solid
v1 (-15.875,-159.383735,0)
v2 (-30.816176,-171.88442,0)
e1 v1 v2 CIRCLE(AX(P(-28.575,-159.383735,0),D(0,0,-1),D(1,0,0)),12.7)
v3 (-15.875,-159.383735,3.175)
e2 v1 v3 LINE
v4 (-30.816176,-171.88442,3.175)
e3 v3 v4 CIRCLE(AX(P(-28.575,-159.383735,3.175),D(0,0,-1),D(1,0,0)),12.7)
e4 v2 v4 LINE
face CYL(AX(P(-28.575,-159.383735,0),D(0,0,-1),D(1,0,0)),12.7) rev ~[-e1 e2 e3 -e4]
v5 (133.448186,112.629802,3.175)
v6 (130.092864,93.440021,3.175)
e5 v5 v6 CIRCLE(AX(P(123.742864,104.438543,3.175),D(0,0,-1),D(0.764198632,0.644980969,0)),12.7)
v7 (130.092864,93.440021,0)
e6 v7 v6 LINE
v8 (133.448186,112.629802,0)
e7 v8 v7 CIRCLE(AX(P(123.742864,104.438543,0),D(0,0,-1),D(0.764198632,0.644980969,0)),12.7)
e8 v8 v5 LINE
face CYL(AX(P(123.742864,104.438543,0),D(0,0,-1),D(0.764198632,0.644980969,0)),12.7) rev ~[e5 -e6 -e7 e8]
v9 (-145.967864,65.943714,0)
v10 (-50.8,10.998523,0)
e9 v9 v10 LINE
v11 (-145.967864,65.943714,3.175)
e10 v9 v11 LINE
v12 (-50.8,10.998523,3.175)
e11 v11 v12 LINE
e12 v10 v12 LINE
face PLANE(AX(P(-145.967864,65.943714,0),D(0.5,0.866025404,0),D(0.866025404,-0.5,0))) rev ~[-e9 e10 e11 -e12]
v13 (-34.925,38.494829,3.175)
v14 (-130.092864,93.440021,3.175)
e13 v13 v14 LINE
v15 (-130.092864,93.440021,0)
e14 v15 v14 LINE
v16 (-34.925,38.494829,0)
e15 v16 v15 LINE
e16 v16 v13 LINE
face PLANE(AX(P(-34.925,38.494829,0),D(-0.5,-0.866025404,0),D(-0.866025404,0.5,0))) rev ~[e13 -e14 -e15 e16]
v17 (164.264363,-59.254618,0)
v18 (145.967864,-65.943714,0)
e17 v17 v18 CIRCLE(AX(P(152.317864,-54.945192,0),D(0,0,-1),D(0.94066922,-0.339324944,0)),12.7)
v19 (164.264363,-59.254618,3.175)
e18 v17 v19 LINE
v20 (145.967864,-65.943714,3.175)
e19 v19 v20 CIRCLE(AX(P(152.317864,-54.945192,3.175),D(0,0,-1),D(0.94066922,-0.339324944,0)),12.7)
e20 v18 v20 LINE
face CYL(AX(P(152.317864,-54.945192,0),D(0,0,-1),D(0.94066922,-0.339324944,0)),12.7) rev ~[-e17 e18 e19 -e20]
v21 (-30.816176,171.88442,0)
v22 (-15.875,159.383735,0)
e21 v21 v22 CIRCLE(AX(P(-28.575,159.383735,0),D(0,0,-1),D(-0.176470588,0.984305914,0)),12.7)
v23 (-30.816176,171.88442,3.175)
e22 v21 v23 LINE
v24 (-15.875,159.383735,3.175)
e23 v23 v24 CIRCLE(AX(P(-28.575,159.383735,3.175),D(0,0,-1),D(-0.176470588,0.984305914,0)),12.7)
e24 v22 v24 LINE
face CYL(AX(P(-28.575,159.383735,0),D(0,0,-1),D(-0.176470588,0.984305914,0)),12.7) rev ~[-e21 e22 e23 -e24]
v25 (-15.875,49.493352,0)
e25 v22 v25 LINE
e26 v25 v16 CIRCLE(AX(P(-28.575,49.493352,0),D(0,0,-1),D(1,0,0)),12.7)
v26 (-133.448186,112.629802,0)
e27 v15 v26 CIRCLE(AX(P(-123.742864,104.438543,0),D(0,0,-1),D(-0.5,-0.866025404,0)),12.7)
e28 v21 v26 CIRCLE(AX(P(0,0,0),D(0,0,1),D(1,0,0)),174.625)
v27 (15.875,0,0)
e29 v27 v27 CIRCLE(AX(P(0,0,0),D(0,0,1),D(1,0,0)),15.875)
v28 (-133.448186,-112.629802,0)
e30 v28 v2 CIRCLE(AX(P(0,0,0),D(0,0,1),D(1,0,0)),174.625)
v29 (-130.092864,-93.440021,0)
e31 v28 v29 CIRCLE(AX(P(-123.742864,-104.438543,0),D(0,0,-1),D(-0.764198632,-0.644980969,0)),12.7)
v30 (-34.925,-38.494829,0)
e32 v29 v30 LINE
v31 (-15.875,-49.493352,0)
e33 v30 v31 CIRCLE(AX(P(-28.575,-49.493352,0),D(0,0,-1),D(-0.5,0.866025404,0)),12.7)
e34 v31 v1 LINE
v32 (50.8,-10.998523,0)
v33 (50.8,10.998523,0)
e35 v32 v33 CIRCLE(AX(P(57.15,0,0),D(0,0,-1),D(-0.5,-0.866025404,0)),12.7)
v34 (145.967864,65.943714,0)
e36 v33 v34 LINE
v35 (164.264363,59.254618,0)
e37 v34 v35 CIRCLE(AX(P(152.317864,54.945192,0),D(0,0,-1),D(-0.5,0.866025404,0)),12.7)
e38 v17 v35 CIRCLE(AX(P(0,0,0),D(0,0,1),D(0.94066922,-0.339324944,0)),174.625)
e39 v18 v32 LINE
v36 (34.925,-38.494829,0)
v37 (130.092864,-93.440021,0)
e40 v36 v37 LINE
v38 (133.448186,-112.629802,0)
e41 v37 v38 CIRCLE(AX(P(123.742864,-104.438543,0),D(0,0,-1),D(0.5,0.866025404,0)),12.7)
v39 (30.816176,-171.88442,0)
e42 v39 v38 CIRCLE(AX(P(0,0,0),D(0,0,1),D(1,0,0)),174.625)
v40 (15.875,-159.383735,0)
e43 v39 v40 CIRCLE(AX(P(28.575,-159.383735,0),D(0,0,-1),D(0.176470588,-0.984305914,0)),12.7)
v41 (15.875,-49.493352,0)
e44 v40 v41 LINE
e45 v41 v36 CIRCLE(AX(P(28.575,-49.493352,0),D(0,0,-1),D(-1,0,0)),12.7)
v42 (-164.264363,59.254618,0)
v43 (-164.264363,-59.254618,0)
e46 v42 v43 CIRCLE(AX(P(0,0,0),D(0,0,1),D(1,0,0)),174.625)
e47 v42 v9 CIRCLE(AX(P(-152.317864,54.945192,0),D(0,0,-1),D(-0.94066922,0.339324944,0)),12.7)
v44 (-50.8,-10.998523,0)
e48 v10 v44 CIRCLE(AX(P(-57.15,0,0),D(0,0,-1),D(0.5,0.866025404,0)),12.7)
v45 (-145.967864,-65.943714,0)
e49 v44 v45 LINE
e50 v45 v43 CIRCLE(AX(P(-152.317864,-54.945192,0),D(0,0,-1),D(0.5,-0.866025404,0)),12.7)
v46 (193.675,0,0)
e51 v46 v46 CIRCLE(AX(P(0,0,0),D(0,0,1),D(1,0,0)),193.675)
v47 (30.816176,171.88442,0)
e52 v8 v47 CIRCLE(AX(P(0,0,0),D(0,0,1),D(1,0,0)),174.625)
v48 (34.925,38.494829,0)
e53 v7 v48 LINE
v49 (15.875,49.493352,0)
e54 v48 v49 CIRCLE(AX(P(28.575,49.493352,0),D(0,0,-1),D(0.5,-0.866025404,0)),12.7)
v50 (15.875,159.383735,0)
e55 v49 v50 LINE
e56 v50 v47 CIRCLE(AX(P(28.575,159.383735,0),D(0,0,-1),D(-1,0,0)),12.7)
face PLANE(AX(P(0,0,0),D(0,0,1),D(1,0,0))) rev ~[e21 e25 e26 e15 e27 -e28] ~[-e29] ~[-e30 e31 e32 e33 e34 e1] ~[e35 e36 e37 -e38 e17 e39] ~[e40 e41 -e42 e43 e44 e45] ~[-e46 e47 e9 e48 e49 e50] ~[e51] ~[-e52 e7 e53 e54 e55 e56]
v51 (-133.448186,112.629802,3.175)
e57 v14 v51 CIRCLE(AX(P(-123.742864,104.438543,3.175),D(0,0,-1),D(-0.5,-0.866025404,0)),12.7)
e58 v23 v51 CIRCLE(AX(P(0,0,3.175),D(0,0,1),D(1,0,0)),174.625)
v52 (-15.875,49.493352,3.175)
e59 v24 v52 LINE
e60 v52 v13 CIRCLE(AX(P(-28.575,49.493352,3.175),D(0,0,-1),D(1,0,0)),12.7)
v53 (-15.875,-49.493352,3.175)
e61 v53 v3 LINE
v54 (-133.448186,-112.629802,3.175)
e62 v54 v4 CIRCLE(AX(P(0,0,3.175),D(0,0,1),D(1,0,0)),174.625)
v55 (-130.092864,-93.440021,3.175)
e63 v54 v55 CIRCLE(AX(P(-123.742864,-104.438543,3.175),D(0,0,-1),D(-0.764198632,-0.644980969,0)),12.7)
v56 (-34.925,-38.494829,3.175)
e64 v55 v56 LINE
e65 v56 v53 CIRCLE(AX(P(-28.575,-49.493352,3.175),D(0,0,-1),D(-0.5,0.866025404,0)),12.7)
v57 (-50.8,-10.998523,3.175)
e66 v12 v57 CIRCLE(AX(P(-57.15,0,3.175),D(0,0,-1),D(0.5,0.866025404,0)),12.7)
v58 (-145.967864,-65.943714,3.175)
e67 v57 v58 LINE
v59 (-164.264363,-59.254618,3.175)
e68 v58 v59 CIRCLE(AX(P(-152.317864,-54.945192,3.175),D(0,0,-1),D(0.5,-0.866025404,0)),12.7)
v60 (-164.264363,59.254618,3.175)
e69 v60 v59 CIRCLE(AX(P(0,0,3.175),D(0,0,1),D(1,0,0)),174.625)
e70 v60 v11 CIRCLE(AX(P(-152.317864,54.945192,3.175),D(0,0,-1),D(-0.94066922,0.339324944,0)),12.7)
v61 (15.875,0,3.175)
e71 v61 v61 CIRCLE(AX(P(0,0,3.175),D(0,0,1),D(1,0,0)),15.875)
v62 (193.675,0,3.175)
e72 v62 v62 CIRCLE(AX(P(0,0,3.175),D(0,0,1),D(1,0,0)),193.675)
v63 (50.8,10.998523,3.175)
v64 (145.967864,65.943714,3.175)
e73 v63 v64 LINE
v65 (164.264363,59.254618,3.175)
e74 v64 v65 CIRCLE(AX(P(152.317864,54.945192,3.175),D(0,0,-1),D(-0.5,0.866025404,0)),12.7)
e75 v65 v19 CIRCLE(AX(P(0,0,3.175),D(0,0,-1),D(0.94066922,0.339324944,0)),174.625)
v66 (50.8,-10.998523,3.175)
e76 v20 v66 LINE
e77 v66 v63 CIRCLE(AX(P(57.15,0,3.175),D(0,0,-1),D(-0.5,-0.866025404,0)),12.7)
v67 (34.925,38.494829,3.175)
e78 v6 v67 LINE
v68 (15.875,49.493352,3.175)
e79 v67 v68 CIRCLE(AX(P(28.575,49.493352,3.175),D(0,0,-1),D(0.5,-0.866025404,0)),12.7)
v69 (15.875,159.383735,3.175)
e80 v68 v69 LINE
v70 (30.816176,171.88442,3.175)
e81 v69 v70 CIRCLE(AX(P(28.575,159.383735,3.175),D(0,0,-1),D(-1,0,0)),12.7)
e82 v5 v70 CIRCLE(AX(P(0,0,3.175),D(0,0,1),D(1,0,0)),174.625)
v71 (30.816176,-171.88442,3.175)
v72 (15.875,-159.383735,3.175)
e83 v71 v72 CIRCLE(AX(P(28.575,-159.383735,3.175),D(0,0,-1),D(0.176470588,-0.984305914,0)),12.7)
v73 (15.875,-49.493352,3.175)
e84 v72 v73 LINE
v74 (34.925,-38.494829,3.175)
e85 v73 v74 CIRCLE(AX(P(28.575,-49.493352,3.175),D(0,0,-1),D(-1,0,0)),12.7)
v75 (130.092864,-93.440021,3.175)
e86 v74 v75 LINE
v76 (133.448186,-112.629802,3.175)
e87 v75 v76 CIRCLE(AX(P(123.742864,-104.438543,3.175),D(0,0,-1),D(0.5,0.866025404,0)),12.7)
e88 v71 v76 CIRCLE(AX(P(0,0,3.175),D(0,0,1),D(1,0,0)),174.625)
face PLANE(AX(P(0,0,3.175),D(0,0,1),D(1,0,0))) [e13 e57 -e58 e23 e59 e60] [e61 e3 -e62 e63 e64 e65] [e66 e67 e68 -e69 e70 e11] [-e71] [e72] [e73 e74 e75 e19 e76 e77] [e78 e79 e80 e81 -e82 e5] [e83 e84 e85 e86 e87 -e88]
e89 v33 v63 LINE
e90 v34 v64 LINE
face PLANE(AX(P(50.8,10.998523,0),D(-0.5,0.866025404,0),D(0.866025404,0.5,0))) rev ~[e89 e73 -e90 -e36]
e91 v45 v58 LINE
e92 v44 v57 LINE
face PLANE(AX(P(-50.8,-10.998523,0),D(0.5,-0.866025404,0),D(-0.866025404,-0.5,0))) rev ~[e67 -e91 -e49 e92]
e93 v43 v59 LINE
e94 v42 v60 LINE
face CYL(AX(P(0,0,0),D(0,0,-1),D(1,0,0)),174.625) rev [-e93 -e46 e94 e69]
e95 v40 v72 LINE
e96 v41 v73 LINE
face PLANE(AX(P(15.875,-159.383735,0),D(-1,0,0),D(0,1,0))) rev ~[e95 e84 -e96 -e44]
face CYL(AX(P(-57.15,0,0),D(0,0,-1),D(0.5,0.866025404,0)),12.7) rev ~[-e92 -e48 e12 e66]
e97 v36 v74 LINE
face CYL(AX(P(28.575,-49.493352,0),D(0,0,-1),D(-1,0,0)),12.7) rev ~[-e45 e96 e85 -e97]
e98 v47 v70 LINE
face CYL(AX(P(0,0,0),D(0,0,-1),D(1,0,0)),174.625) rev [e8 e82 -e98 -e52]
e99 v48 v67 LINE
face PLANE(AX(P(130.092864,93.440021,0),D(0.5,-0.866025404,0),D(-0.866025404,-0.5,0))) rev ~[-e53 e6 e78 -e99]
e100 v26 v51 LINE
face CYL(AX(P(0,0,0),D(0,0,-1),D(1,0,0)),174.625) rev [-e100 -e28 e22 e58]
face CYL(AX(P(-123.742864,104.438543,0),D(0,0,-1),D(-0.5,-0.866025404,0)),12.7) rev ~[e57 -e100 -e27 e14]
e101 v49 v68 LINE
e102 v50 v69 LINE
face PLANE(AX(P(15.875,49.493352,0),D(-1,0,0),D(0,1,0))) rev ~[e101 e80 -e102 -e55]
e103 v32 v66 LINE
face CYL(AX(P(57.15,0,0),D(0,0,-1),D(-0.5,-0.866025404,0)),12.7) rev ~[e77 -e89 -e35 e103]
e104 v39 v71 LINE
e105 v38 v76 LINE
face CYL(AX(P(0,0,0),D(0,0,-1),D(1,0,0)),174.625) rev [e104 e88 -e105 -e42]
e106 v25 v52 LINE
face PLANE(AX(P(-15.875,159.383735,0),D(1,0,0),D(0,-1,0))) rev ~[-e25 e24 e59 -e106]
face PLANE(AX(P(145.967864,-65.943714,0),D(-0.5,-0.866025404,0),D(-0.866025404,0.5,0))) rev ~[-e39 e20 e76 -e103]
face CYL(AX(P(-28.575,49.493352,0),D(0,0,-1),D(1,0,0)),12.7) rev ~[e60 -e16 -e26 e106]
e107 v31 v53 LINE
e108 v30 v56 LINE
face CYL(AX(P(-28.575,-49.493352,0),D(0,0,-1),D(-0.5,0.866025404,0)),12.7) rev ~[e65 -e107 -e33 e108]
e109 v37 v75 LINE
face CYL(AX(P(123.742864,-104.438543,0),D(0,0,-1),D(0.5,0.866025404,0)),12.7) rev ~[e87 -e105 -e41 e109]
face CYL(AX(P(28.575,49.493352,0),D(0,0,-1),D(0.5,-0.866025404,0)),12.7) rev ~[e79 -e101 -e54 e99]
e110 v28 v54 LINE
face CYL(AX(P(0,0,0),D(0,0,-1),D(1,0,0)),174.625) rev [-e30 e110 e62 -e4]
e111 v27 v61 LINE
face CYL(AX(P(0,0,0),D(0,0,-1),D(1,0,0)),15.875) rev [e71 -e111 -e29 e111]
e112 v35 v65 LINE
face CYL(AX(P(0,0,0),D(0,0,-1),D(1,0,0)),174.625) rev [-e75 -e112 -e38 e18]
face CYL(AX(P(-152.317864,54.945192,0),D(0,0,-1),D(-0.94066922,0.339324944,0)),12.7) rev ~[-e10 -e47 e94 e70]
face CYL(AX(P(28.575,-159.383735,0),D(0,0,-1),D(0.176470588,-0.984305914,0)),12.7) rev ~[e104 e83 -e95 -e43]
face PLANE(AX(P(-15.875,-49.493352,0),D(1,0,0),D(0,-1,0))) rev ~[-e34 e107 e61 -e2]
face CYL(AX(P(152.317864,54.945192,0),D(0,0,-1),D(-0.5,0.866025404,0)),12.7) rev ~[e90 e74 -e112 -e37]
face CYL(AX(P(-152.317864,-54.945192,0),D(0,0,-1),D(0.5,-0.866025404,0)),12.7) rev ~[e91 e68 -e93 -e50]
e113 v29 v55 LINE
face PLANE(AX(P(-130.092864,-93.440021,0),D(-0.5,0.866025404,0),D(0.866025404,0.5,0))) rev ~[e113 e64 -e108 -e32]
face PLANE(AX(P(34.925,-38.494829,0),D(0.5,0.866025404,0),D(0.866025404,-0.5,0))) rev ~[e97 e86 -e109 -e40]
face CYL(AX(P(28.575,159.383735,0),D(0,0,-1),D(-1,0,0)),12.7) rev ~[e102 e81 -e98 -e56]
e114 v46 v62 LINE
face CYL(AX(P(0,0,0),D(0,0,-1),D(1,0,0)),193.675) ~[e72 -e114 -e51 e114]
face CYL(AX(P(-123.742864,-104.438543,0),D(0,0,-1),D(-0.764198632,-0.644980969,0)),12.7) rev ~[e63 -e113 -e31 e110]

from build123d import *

# Parameters (mm, degrees)
SKETCH1_R             = 193.675
SKETCH1_R_2           = 174.625
BOSS_EXTRUDE1_DEPTH   = 3.175
SKETCH1_R_3           = 34.925
SKETCH1_R_4           = 15.875
BOSS_EXTRUDE1_2_DEPTH = 3.175
BOSS_EXTRUDE2_START   = -3.175
SKETCH2_R             = 15.875
BOSS_EXTRUDE2_DEPTH   = 3.175


with BuildPart() as part:
    # Sketch1 → Boss-Extrude1 (new body)
    with BuildSketch(Plane.XY):
        Circle(SKETCH1_R)
        Circle(SKETCH1_R_2, mode=Mode.SUBTRACT)
    extrude(amount=BOSS_EXTRUDE1_DEPTH)



with BuildPart() as body_2:
    # Sketch1 → Boss-Extrude1 2 (new body)
    with BuildSketch(Plane.XY):
        Circle(SKETCH1_R_3)
        Circle(SKETCH1_R_4, mode=Mode.SUBTRACT)
    extrude(amount=BOSS_EXTRUDE1_2_DEPTH)


with BuildPart() as part_1:
    add(part.part)

    add(body_2.part)  # Boss-Extrude2 merges body 2
    # Sketch2 → Boss-Extrude2 (add)
    with BuildSketch(Plane.XY.offset(3.175).offset(BOSS_EXTRUDE2_START)):
        with BuildLine():
            Line((15.875, 49.493351826), (15.875, 159.383735055))
            ThreePointArc((15.875, 159.383735055), (20.425550361, 169.124190413), (30.816176471, 171.884420157))
            ThreePointArc((30.816176471, 171.884420157), (0, 174.625), (-30.816176471, 171.884420157))
            ThreePointArc((-30.816176471, 171.884420157), (-20.425550361, 169.124190413), (-15.875, 159.383735055))
            Line((-15.875, 159.383735055), (-15.875, 49.493351826))
            ThreePointArc((-15.875, 49.493351826), (-22.225, 38.494829198), (-34.925, 38.494829198))
            Line((-34.925, 38.494829198), (-130.092863507, 93.440020812))
            ThreePointArc((-130.092863507, 93.440020812), (-136.253070112, 102.251140706), (-133.448186135, 112.62980175))
            ThreePointArc((-133.448186135, 112.62980175), (-151.229686136, 87.3125), (-164.264362606, 59.254618408))
            ThreePointArc((-164.264362606, 59.254618408), (-156.678620473, 66.873049707), (-145.967863507, 65.943714242))
            Line((-145.967863507, 65.943714242), (-50.8, 10.998522628))
            ThreePointArc((-50.8, 10.998522628), (-44.45, 0), (-50.8, -10.998522628))
            Line((-50.8, -10.998522628), (-145.967863507, -65.943714242))
            ThreePointArc((-145.967863507, -65.943714242), (-156.678620473, -66.873049707), (-164.264362606, -59.254618408))
            ThreePointArc((-164.264362606, -59.254618408), (-151.229686136, -87.3125), (-133.448186135, -112.62980175))
            ThreePointArc((-133.448186135, -112.62980175), (-136.253070112, -102.251140706), (-130.092863507, -93.440020812))
            Line((-130.092863507, -93.440020812), (-34.925, -38.494829198))
            ThreePointArc((-34.925, -38.494829198), (-22.225, -38.494829198), (-15.875, -49.493351826))
            Line((-15.875, -49.493351826), (-15.875, -159.383735055))
            ThreePointArc((-15.875, -159.383735055), (-20.425550361, -169.124190413), (-30.816176471, -171.884420157))
            ThreePointArc((-30.816176471, -171.884420157), (0, -174.625), (30.816176471, -171.884420157))
            ThreePointArc((30.816176471, -171.884420157), (20.425550361, -169.124190413), (15.875, -159.383735055))
            Line((15.875, -159.383735055), (15.875, -49.493351826))
            ThreePointArc((15.875, -49.493351826), (22.225, -38.494829198), (34.925, -38.494829198))
            Line((34.925, -38.494829198), (130.092863507, -93.440020812))
            ThreePointArc((130.092863507, -93.440020812), (136.253070112, -102.251140706), (133.448186135, -112.62980175))
            ThreePointArc((133.448186135, -112.62980175), (151.229686136, -87.3125), (164.264362606, -59.254618408))
            ThreePointArc((164.264362606, -59.254618408), (156.678620473, -66.873049707), (145.967863507, -65.943714242))
            Line((145.967863507, -65.943714242), (50.8, -10.998522628))
            ThreePointArc((50.8, -10.998522628), (44.45, 0), (50.8, 10.998522628))
            Line((50.8, 10.998522628), (145.967863507, 65.943714242))
            ThreePointArc((145.967863507, 65.943714242), (156.678620473, 66.873049707), (164.264362606, 59.254618408))
            ThreePointArc((164.264362606, 59.254618408), (151.229686136, 87.3125), (133.448186135, 112.62980175))
            ThreePointArc((133.448186135, 112.62980175), (136.253070112, 102.251140706), (130.092863507, 93.440020812))
            Line((130.092863507, 93.440020812), (34.925, 38.494829198))
            ThreePointArc((34.925, 38.494829198), (22.225, 38.494829198), (15.875, 49.493351826))
        make_face()
        Circle(SKETCH2_R, mode=Mode.SUBTRACT)
    extrude(amount=BOSS_EXTRUDE2_DEPTH)


solid = part_1.part
